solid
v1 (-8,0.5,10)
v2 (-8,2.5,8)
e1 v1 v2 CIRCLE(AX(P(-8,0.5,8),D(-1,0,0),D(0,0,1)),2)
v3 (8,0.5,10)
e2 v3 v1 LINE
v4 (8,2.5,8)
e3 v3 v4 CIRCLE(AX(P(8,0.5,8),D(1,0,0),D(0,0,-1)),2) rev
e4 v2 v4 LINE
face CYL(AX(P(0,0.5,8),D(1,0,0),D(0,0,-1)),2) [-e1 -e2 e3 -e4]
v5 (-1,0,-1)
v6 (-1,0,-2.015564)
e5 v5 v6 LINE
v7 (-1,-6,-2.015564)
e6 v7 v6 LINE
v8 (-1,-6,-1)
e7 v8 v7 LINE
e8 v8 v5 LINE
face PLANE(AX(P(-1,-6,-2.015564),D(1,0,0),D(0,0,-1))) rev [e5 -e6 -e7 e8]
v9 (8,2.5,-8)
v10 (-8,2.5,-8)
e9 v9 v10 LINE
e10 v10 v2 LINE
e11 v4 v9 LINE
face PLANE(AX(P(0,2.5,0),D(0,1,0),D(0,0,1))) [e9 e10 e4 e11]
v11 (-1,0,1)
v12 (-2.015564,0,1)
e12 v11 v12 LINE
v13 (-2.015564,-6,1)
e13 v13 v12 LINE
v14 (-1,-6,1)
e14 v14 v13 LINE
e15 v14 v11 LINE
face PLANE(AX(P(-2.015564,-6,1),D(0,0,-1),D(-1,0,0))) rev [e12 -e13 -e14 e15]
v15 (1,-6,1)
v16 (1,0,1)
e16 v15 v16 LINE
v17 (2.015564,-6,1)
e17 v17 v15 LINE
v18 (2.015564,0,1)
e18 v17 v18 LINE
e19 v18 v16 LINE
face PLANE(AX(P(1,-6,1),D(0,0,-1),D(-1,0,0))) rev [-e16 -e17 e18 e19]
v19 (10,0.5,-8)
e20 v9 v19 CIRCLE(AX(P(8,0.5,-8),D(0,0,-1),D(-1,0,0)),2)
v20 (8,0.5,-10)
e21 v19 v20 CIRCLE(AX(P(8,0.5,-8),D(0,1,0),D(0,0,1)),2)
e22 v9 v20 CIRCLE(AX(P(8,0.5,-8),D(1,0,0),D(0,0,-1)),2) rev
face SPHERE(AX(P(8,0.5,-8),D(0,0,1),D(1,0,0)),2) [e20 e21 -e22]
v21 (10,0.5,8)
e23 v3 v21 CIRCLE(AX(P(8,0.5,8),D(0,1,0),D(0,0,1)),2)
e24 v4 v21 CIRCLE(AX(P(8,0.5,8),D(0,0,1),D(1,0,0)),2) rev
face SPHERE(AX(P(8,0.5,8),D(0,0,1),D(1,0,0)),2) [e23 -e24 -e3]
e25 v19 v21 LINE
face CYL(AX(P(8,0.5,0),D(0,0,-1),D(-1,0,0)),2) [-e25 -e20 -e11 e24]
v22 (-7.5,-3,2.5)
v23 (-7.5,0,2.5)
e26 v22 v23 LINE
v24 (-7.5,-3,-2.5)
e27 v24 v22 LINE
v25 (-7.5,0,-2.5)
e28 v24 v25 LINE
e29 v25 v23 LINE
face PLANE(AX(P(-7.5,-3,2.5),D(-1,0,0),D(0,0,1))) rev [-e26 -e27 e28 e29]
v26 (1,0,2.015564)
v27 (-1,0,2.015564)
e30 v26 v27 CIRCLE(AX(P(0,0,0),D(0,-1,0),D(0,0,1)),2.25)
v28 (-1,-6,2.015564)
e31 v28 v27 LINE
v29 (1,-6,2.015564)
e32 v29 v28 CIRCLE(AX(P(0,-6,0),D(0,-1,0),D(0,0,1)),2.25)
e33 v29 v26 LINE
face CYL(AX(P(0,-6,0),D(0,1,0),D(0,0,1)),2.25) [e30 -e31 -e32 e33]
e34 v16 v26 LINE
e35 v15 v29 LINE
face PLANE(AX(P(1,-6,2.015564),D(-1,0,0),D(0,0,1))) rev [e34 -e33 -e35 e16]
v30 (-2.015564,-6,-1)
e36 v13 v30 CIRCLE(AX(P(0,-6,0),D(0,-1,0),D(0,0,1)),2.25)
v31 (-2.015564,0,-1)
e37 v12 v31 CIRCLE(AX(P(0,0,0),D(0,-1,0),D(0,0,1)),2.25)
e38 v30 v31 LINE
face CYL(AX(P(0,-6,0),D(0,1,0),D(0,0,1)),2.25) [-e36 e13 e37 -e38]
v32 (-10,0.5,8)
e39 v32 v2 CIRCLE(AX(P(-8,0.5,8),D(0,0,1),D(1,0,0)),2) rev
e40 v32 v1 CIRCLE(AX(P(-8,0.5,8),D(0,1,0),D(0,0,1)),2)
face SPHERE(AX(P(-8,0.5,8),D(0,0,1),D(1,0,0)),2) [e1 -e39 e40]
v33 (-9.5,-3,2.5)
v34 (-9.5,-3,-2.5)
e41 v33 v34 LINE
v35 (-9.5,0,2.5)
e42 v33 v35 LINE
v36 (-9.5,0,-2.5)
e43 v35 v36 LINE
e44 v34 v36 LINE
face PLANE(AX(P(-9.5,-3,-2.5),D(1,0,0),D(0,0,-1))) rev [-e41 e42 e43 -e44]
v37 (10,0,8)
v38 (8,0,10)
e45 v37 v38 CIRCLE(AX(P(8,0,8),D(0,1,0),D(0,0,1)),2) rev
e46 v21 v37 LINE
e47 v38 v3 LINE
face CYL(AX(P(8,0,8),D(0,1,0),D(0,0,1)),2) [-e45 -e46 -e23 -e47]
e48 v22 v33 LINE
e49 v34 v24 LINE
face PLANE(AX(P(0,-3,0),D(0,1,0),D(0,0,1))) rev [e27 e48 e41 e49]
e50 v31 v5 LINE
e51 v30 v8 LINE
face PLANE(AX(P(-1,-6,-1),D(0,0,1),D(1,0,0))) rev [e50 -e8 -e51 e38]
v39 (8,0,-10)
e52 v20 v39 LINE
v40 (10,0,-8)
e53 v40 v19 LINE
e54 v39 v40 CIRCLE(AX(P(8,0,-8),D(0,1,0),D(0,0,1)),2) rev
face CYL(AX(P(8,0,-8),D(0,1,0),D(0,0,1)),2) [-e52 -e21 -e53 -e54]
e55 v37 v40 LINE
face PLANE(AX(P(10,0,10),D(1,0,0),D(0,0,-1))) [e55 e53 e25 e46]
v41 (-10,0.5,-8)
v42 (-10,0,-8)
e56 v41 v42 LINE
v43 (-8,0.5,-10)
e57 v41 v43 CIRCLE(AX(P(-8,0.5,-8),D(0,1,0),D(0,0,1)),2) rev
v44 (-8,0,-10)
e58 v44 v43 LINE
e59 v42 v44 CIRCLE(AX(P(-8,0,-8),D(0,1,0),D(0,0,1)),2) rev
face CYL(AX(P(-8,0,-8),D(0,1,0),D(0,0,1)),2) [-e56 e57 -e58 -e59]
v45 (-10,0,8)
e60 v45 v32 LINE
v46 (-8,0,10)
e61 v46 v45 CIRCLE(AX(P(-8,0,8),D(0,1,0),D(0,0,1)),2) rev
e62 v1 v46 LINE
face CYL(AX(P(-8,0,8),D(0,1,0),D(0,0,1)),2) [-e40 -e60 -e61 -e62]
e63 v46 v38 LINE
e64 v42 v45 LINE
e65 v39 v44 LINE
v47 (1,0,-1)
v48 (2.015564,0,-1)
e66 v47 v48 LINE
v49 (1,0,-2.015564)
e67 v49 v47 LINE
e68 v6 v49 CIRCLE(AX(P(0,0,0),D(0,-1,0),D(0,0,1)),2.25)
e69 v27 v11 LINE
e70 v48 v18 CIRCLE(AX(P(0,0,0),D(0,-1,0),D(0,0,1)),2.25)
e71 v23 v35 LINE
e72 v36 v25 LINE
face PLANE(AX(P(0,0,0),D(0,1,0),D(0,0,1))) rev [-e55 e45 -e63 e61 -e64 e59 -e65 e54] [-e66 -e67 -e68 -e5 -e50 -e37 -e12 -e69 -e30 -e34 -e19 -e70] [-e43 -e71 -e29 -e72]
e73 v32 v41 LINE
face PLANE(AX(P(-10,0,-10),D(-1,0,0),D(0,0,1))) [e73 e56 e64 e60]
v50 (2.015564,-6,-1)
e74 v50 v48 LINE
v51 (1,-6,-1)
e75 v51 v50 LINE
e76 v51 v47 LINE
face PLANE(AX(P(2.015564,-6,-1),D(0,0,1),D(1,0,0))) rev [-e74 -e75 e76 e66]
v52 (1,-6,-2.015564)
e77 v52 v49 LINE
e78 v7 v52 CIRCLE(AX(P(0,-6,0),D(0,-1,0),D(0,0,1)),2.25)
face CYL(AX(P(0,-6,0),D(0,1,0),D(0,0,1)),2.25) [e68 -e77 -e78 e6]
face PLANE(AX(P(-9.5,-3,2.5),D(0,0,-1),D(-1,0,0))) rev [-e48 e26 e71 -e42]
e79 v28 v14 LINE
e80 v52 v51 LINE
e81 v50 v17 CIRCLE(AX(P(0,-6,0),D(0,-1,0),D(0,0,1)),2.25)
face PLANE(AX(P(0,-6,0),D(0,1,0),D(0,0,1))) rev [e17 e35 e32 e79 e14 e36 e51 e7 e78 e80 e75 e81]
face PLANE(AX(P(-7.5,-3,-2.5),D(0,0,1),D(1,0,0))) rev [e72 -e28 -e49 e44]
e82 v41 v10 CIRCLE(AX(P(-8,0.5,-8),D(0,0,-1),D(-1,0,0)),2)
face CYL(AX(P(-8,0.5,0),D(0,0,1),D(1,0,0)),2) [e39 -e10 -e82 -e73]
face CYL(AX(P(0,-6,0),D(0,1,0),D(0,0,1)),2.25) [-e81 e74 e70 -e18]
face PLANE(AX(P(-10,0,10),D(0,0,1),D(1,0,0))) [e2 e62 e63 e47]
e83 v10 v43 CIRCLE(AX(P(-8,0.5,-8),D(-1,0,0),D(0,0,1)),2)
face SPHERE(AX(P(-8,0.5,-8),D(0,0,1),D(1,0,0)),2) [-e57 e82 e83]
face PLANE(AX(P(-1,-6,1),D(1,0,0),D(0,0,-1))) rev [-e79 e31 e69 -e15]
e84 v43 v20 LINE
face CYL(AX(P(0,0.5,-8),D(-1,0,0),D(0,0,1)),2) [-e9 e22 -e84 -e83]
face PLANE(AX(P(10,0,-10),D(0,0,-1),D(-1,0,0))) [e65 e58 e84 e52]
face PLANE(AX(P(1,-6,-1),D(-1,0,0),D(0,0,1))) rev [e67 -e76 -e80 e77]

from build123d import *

# Parameters (mm, degrees)
SKETCH1_W           = 20
SKETCH1_H           = 20
BOSS_EXTRUDE1_DEPTH = 2.5
BOSS_EXTRUDE2_DEPTH = 6
SKETCH3_W           = 2
SKETCH3_H           = 5
BOSS_EXTRUDE3_DEPTH = 3
FILLET1_R           = 2


with BuildPart() as part:
    # Sketch1 → Boss-Extrude1 (new body)
    with BuildSketch(Plane(origin=(0, 2.5, 0), x_dir=(1, 0, 0), z_dir=(0, 1, 0))):
        Rectangle(SKETCH1_W, SKETCH1_H)
    extrude(amount=-BOSS_EXTRUDE1_DEPTH)

    # Sketch2 → Boss-Extrude2 (add)
    with BuildSketch(Plane.XZ):
        with BuildLine():
            Line((-2.015564435, 1.000000009), (-1.000000005, 1.000000009))
            Line((-1.000000005, 1.000000009), (-1.000000005, 2.015564439))
            ThreePointArc((-1.000000005, 2.015564439), (0, 2.250000005), (1.000000005, 2.015564439))
            Line((1.000000005, 2.015564439), (1.000000005, 1.000000009))
            Line((1.000000005, 1.000000009), (2.015564435, 1.000000009))
            ThreePointArc((2.015564435, 1.000000009), (2.25, 5e-09), (2.015564435, -1))
            Line((2.015564435, -1), (1.000000005, -1))
            Line((1.000000005, -1), (1.000000005, -2.01556443))
            ThreePointArc((1.000000005, -2.01556443), (0, -2.249999995), (-1.000000005, -2.01556443))
            Line((-1.000000005, -2.01556443), (-1.000000005, -1))
            Line((-1.000000005, -1), (-2.015564435, -1))
            ThreePointArc((-2.015564435, -1), (-2.25, 5e-09), (-2.015564435, 1.000000009))
        make_face()
    extrude(amount=BOSS_EXTRUDE2_DEPTH)

    # Sketch3 → Boss-Extrude3 (add)
    with BuildSketch(Plane.XZ):
        with Locations((-8.5, 0)):
            Rectangle(SKETCH3_W, SKETCH3_H)
    extrude(amount=BOSS_EXTRUDE3_DEPTH)

    # Fillet1
    fillet1_edges = [part.edges().sort_by_distance(p)[0] for p in [
        (0, 2.5, 10),
        (-10, 2.5, 0),
        (0, 2.5, -10),
        (10, 2.5, 0),
        (10, 1.25, 10),
        (-10, 1.25, 10),
        (-10, 1.25, -10),
        (10, 1.25, -10),
    ]]
    fillet(fillet1_edges, radius=FILLET1_R)


solid = part.part
